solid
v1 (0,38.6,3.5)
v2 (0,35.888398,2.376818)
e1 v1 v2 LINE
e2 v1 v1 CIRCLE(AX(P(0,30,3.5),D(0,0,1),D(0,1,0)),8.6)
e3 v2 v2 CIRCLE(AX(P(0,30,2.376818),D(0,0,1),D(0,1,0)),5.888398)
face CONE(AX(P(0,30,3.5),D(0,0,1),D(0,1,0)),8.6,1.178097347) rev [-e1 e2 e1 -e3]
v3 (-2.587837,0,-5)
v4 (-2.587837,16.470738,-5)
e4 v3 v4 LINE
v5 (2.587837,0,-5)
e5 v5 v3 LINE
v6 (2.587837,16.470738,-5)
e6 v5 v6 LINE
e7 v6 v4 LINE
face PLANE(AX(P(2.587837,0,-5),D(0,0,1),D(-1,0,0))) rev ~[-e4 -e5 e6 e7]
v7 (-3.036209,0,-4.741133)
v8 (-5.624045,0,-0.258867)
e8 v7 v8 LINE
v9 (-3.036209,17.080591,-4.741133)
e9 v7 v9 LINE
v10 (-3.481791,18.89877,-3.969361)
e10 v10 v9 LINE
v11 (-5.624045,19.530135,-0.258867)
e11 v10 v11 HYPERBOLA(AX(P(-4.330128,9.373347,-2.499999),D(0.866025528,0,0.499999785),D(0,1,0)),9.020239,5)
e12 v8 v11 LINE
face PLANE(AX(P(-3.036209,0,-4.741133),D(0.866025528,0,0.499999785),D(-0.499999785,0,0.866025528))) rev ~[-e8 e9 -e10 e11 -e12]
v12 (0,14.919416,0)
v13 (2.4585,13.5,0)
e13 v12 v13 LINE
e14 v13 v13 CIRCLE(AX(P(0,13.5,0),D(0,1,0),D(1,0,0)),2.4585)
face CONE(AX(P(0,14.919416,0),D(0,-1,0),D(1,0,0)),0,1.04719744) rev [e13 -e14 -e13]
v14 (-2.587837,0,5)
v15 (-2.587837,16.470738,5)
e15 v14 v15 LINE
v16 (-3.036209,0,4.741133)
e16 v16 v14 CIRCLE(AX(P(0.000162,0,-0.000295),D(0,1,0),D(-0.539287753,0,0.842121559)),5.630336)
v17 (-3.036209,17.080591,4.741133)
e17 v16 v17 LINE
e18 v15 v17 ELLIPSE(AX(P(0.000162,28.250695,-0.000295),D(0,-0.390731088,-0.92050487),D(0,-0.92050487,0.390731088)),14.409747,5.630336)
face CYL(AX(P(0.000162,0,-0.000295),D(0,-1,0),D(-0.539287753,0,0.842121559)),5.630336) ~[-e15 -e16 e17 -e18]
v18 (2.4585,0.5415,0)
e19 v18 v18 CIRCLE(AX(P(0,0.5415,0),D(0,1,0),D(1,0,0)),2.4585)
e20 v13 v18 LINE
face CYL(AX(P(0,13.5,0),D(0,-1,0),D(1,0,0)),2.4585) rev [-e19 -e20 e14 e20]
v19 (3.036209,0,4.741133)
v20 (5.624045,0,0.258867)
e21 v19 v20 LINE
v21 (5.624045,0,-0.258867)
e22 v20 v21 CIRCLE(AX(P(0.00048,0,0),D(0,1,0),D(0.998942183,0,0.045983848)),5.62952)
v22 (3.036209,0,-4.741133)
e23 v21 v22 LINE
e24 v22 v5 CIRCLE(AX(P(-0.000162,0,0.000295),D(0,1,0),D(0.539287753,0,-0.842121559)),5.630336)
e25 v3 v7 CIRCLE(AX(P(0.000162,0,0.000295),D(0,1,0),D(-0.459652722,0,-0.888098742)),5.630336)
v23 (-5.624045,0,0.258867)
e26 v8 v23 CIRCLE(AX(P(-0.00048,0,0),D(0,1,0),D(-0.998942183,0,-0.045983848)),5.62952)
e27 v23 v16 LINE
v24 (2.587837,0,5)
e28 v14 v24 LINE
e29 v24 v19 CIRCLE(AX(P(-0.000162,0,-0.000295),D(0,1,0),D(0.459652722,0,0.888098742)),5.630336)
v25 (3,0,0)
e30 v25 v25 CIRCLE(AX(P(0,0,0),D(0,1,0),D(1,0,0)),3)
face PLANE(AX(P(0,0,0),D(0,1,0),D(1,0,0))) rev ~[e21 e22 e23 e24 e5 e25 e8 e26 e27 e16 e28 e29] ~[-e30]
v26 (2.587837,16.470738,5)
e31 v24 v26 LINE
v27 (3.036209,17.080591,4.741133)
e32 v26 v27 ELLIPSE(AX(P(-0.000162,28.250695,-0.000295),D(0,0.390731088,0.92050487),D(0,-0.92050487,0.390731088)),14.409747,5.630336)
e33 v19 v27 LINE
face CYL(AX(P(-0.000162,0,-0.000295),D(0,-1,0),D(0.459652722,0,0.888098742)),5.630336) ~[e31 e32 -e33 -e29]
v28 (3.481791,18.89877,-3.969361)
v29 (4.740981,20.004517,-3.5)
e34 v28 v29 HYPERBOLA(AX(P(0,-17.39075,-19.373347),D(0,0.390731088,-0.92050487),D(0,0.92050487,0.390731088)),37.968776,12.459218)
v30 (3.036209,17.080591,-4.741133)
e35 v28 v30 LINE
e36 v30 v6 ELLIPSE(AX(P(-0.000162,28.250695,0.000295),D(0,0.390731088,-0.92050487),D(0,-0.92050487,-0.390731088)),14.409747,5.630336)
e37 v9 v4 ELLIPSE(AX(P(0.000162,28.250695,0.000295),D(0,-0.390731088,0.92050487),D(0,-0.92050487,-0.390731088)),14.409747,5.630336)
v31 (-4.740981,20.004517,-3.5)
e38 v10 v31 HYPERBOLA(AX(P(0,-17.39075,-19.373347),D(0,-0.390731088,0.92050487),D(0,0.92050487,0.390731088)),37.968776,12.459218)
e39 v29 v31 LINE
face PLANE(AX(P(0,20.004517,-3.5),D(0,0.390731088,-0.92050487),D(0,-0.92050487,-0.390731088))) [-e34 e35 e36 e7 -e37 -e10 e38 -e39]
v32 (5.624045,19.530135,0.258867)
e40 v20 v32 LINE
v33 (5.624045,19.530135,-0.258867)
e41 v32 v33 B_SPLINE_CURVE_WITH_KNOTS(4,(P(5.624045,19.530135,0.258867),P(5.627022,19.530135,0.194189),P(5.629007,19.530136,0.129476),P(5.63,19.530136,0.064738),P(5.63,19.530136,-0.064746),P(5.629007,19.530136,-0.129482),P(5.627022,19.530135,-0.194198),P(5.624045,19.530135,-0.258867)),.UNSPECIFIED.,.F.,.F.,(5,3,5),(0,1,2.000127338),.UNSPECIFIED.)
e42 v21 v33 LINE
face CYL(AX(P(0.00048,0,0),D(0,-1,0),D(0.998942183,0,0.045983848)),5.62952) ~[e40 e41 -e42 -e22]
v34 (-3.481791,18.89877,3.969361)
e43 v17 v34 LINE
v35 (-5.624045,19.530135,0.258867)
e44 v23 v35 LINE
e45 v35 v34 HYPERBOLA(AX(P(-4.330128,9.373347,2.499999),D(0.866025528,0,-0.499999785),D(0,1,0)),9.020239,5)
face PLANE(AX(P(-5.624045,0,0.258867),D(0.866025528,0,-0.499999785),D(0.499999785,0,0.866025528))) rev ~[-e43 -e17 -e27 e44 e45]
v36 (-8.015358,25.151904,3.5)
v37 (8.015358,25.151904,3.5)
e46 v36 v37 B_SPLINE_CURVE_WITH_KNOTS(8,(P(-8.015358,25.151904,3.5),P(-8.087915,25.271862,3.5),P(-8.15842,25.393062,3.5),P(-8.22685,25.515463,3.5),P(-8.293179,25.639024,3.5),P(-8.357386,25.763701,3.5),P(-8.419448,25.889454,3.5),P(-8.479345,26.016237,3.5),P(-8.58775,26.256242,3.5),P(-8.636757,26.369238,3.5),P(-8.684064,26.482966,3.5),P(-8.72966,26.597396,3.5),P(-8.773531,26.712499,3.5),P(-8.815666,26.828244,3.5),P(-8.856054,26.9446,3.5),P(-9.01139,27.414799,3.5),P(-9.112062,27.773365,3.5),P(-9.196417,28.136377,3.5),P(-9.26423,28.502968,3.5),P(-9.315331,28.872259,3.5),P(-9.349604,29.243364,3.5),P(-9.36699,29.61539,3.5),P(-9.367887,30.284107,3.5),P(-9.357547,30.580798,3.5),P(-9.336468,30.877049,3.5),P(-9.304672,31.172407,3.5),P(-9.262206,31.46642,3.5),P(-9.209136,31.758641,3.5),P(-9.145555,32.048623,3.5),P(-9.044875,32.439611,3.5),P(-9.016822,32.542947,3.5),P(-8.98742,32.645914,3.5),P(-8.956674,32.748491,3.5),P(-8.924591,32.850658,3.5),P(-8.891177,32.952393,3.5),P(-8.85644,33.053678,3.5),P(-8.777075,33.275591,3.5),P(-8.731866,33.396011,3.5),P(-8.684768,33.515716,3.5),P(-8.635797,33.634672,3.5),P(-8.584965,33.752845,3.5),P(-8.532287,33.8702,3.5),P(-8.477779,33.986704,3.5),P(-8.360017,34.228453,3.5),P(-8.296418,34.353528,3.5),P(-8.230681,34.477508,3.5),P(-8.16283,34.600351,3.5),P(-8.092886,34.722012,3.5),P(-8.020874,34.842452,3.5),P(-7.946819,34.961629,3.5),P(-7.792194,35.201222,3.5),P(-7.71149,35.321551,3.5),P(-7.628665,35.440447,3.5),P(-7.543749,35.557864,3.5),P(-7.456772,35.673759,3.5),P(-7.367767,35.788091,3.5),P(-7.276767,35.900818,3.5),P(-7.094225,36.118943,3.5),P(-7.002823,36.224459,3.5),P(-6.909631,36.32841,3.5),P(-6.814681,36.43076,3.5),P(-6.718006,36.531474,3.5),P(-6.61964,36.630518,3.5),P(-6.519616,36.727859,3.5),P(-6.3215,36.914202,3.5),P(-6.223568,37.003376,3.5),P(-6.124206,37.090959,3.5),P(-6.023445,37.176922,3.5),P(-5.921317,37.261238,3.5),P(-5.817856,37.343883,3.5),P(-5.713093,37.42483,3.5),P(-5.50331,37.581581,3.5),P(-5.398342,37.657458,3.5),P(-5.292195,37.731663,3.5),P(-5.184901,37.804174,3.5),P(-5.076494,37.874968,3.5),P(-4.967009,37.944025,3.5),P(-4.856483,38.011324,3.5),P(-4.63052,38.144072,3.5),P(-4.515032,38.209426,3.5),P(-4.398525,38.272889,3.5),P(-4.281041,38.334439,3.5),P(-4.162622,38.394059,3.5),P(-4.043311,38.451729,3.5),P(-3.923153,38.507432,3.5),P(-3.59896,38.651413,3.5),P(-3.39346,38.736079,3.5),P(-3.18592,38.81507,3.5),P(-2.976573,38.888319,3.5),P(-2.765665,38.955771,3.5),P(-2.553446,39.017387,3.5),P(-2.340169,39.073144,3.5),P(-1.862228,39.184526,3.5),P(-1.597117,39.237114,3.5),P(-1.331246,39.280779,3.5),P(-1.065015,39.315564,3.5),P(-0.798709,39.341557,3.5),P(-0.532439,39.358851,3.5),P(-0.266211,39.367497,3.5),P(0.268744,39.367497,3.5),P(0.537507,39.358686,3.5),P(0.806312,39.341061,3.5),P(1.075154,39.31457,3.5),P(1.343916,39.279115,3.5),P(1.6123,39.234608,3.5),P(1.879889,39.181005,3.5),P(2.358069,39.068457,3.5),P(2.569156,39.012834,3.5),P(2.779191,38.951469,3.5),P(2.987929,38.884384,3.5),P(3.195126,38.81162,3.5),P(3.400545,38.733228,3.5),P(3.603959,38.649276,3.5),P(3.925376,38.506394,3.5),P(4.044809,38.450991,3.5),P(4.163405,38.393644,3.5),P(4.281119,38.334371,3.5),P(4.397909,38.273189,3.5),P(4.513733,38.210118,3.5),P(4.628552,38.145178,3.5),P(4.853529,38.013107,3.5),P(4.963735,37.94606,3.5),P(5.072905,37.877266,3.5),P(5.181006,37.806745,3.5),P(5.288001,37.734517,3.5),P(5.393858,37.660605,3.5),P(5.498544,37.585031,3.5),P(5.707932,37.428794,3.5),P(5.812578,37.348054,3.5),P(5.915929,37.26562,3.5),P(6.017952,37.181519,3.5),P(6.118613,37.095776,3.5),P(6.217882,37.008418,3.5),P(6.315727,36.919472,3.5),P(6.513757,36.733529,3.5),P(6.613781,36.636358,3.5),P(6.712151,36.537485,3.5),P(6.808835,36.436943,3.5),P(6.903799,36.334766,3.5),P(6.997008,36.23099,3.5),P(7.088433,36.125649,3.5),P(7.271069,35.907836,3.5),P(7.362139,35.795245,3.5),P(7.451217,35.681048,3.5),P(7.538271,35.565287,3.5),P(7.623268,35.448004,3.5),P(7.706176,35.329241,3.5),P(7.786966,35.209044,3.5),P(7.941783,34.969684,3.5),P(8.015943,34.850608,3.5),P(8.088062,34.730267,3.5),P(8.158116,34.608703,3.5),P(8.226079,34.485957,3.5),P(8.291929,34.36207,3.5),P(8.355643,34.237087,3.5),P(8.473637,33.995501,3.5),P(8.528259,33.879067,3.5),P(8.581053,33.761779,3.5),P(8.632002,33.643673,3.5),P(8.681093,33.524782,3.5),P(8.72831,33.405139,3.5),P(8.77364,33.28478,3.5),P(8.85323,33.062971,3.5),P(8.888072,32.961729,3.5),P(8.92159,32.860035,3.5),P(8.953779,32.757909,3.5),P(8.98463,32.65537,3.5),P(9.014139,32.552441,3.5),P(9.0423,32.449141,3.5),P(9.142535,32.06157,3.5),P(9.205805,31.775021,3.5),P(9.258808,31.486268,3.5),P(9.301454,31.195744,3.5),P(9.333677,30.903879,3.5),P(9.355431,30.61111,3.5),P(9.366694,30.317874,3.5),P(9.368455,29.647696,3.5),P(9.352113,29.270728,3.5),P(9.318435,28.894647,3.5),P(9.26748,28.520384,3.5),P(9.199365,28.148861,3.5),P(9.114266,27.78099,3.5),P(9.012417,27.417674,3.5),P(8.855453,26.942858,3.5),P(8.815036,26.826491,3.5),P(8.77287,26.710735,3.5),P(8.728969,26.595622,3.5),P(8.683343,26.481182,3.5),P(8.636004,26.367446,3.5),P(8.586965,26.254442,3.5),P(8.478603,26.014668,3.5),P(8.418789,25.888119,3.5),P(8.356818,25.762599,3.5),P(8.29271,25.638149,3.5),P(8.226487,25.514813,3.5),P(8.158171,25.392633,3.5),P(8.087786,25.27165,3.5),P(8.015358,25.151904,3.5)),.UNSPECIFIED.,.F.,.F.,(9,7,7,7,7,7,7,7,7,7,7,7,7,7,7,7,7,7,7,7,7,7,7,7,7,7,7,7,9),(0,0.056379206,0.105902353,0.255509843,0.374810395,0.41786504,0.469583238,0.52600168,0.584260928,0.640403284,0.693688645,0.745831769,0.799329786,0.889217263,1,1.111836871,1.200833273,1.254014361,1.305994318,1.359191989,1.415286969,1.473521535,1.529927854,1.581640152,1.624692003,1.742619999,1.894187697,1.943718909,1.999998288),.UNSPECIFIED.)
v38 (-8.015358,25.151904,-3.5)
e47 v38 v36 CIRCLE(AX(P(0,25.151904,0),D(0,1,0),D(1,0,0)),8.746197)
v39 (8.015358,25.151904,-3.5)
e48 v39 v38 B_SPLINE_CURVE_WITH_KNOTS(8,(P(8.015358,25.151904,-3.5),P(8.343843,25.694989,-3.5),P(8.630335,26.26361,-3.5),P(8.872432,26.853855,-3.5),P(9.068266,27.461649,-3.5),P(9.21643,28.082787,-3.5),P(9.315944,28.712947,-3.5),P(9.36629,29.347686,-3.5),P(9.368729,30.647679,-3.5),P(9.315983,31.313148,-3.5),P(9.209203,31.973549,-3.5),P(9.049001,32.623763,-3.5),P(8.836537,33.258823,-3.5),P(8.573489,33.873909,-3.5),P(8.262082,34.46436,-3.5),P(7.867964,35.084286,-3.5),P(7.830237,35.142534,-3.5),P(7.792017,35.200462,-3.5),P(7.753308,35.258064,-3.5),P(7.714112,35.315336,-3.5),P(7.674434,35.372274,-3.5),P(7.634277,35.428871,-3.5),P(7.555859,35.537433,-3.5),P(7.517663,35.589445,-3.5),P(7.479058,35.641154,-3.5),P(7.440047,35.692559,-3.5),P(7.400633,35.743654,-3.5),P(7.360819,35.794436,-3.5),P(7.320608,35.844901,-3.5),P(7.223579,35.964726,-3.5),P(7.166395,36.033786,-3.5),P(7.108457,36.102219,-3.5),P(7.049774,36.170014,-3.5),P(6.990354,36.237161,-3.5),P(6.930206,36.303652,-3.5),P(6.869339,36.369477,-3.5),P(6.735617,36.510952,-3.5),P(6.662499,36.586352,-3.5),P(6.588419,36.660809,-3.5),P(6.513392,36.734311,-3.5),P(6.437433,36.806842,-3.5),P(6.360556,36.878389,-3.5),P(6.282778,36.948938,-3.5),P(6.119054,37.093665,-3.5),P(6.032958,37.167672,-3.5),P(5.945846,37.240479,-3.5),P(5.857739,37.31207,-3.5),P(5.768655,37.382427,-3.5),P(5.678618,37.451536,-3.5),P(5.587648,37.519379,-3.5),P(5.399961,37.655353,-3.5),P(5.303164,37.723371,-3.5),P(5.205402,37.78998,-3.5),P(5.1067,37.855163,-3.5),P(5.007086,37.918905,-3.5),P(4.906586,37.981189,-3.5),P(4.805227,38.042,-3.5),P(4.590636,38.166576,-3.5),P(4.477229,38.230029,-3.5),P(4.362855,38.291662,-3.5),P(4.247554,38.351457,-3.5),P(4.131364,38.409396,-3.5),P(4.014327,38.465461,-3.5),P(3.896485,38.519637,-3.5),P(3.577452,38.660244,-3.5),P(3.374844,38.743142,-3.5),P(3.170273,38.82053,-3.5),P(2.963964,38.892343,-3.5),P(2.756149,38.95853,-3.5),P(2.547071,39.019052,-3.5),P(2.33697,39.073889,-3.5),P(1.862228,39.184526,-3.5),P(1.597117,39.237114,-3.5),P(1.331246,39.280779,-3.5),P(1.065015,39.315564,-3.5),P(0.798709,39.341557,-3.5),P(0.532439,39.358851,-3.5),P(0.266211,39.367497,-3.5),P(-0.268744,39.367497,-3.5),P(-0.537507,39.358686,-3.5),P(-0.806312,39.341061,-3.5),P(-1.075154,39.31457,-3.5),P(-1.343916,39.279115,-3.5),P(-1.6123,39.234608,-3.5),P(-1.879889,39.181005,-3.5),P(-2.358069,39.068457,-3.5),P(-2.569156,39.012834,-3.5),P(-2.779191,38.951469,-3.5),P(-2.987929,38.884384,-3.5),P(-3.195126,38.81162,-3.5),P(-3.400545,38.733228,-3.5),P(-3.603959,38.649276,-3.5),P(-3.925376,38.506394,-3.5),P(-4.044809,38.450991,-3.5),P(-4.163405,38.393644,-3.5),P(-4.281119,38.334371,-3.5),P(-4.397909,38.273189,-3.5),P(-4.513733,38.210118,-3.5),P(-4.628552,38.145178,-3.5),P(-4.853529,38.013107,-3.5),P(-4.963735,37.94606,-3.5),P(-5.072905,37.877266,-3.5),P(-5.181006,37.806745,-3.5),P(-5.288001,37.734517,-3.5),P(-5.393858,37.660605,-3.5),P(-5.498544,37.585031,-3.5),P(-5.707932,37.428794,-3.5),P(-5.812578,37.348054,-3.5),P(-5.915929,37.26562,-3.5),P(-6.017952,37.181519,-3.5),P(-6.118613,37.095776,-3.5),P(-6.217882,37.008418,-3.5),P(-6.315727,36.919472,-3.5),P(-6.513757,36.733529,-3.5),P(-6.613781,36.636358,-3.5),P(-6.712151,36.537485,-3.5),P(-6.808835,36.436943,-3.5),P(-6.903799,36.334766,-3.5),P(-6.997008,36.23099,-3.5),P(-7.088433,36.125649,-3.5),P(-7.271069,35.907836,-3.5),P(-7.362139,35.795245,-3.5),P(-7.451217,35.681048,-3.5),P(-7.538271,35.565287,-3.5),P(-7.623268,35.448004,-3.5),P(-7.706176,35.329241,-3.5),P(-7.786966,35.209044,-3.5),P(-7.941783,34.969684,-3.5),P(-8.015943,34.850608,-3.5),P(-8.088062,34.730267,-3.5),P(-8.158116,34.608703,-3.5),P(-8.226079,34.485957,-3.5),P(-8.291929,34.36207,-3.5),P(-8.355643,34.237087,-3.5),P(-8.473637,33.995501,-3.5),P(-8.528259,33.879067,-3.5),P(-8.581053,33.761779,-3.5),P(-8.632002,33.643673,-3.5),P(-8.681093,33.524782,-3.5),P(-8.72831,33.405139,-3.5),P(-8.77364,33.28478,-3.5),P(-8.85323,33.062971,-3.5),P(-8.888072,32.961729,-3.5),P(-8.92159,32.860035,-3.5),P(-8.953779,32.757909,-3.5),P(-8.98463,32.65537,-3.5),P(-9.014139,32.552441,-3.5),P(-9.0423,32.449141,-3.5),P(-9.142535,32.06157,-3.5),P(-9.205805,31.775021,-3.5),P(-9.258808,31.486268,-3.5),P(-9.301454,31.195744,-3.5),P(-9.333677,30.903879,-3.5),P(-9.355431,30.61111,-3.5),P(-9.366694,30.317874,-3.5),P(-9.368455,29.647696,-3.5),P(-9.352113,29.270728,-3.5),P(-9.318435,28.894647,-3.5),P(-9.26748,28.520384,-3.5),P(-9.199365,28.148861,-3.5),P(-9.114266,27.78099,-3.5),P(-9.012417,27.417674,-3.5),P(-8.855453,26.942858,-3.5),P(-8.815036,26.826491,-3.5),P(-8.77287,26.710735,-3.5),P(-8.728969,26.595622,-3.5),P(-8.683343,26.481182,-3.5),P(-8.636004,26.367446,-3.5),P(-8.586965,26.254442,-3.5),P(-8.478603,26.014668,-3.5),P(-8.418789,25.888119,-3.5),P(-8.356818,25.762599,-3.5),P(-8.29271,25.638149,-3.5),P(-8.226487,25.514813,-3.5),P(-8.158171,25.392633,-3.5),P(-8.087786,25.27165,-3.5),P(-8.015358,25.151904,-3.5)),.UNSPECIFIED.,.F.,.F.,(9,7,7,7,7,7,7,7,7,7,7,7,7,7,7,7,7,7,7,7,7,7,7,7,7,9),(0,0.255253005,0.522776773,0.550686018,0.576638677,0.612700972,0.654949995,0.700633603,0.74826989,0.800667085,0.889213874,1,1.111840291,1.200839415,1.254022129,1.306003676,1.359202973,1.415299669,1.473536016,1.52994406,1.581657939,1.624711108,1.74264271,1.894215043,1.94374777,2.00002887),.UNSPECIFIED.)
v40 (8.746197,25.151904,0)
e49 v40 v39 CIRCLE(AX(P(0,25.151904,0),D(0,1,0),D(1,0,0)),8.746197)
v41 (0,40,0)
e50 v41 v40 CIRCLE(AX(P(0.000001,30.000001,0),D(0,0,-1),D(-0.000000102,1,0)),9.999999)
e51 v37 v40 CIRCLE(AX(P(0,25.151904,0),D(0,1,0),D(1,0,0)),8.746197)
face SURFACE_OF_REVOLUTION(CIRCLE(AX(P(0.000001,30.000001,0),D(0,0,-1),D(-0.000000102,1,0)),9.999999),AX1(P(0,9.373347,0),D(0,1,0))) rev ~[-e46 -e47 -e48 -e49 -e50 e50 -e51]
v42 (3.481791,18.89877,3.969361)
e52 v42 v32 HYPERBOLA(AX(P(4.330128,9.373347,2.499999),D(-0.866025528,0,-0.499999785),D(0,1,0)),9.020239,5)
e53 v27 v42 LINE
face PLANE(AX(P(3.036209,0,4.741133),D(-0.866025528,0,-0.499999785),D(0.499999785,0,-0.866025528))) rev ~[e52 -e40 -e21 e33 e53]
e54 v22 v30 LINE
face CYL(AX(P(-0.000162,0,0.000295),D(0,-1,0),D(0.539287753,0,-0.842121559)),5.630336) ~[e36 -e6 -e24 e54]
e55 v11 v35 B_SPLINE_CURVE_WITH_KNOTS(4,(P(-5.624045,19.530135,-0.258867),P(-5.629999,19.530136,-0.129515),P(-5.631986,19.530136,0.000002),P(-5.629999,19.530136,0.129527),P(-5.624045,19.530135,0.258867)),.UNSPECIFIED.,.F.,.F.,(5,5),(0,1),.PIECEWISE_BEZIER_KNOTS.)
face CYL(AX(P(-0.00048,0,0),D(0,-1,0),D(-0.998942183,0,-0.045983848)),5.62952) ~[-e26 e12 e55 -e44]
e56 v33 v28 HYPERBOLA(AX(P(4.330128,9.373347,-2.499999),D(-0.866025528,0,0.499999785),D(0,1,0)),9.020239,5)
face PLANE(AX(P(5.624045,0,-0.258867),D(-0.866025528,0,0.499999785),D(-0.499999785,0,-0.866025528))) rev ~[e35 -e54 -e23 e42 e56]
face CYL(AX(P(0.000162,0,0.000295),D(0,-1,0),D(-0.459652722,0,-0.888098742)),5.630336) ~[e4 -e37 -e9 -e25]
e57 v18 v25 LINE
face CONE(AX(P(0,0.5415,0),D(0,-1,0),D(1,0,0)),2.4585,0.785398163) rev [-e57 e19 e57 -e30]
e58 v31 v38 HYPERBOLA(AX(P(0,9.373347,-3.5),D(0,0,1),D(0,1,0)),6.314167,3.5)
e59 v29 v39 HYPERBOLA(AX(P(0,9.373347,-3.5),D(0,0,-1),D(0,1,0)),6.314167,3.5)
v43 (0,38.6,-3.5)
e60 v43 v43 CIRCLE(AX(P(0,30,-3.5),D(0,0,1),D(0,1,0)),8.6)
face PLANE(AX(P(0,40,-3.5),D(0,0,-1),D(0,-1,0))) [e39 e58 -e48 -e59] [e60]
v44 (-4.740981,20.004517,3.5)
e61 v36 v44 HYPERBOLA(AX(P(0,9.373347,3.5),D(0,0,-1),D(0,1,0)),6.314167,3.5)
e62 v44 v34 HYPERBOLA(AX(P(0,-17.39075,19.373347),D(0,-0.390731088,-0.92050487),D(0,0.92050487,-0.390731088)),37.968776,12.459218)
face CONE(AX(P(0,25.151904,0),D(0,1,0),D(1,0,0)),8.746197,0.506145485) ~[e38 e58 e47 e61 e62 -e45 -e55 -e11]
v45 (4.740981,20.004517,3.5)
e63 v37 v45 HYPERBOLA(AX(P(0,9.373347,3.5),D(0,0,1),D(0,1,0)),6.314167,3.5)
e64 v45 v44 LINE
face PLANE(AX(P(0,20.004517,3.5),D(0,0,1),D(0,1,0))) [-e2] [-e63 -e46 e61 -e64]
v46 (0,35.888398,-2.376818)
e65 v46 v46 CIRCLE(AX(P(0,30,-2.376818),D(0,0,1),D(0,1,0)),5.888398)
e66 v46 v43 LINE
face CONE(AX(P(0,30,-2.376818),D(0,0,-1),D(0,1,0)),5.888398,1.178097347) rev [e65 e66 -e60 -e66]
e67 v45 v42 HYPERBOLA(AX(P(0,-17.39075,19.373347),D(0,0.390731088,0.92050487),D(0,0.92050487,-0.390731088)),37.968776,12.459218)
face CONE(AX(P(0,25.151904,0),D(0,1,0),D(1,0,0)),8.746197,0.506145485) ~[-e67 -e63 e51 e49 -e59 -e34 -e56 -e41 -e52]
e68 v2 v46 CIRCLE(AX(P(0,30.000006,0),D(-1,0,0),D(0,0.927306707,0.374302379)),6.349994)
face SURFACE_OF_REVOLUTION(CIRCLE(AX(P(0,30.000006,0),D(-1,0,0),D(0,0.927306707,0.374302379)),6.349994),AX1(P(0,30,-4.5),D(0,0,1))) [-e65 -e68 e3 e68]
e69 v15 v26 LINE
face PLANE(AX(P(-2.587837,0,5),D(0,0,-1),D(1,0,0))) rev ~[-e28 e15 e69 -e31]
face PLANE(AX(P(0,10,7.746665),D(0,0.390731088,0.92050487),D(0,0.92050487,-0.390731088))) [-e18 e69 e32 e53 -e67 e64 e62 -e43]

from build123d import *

# Parameters (mm, degrees)
BOSS_EXTRUDE1_DEPTH     = 30
CUT_EXTRUDE1_DEPTH      = 11
CUT_EXTRUDE1_DEPTH_BACK = 11


with BuildPart() as part:
    # Sketch1 → Boss-Extrude1 (new body)
    with BuildSketch(Plane(origin=(0, 0, 0), x_dir=(1, 0, 0), z_dir=(0, 1, 0))):
        with BuildLine():
            Line((-5.624045, -0.258867), (-3.036209, -4.741133))
            ThreePointArc((-3.036209, -4.741133), (-2.815, -4.875723), (-2.587837, -5))
            Line((-2.587837, -5), (2.587837, -5))
            ThreePointArc((2.587837, -5), (2.815, -4.875723), (3.036209, -4.741133))
            Line((3.036209, -4.741133), (5.624045, -0.258867))
            ThreePointArc((5.624045, -0.258867), (5.63, 0), (5.624045, 0.258867))
            Line((5.624045, 0.258867), (3.036209, 4.741133))
            ThreePointArc((3.036209, 4.741133), (2.815, 4.875723), (2.587837, 5))
            Line((2.587837, 5), (-2.587837, 5))
            ThreePointArc((-2.587837, 5), (-2.815, 4.875723), (-3.036209, 4.741133))
            Line((-3.036209, 4.741133), (-5.624045, 0.258867))
            ThreePointArc((-5.624045, 0.258867), (-5.63, 0), (-5.624045, -0.258867))
        make_face()
    extrude(amount=BOSS_EXTRUDE1_DEPTH)

    # Sketch2 → Revolve1 (revolve)
    with BuildSketch(Plane.XY):
        with BuildLine():
            Line((8.746197, 25.151904), (0, 9.373347))
            Line((0, 9.373347), (0, 40))
            ThreePointArc((0, 40), (8.616292, 35.075384), (8.746197, 25.151904))
        make_face()
    revolve(axis=Axis((0, 9.373347, 0), (0, 1, 0)))

    # Sketch3 → Cut-Extrude1 (cut, two sides: drawn at the far end of the back side and taken through both)
    with BuildSketch(Plane(origin=(0, 0, 0), x_dir=(0, 0, -1), z_dir=(1, 0, 0)).offset(-CUT_EXTRUDE1_DEPTH_BACK)):
        Polygon((-11, 10), (-7.746665, 10), (-3.5, 20.004517), (-3.5, 40), (3.5, 40), (3.5, 20.004517), (7.746665, 10), (11, 10), (11, 50), (-11, 50), align=None)
    extrude(amount=CUT_EXTRUDE1_DEPTH + CUT_EXTRUDE1_DEPTH_BACK, mode=Mode.SUBTRACT)

    # Sketch4 → Cut-Revolve1 (revolve, cut)
    with BuildSketch(Plane.XY):
        Polygon((0, 14.919416), (2.4585, 13.5), (2.4585, 0.5415), (3, 0), (0, 0), align=None)
    revolve(axis=Axis((0, 0, 0), (0, 1, 0)), mode=Mode.SUBTRACT)

    # Sketch5 → Cut-Revolve2 (revolve, cut)
    with BuildSketch(Plane(origin=(0, 0, 0), x_dir=(0, 0, -1), z_dir=(1, 0, 0))):
        with BuildLine():
            Line((-4.5, 30), (-4.5, 38.6))
            Line((-4.5, 38.6), (-3.5, 38.6))
            Line((-3.5, 38.6), (-2.376818, 35.888398))
            ThreePointArc((-2.376818, 35.888398), (0, 36.35), (2.376818, 35.888398))
            Line((2.376818, 35.888398), (3.5, 38.6))
            Line((3.5, 38.6), (4.5, 38.6))
            Line((4.5, 38.6), (4.5, 30))
            Line((4.5, 30), (-4.5, 30))
        make_face()
    revolve(axis=Axis((0, 30, -4.5), (0, 0, 1)), mode=Mode.SUBTRACT)


solid = part.part
